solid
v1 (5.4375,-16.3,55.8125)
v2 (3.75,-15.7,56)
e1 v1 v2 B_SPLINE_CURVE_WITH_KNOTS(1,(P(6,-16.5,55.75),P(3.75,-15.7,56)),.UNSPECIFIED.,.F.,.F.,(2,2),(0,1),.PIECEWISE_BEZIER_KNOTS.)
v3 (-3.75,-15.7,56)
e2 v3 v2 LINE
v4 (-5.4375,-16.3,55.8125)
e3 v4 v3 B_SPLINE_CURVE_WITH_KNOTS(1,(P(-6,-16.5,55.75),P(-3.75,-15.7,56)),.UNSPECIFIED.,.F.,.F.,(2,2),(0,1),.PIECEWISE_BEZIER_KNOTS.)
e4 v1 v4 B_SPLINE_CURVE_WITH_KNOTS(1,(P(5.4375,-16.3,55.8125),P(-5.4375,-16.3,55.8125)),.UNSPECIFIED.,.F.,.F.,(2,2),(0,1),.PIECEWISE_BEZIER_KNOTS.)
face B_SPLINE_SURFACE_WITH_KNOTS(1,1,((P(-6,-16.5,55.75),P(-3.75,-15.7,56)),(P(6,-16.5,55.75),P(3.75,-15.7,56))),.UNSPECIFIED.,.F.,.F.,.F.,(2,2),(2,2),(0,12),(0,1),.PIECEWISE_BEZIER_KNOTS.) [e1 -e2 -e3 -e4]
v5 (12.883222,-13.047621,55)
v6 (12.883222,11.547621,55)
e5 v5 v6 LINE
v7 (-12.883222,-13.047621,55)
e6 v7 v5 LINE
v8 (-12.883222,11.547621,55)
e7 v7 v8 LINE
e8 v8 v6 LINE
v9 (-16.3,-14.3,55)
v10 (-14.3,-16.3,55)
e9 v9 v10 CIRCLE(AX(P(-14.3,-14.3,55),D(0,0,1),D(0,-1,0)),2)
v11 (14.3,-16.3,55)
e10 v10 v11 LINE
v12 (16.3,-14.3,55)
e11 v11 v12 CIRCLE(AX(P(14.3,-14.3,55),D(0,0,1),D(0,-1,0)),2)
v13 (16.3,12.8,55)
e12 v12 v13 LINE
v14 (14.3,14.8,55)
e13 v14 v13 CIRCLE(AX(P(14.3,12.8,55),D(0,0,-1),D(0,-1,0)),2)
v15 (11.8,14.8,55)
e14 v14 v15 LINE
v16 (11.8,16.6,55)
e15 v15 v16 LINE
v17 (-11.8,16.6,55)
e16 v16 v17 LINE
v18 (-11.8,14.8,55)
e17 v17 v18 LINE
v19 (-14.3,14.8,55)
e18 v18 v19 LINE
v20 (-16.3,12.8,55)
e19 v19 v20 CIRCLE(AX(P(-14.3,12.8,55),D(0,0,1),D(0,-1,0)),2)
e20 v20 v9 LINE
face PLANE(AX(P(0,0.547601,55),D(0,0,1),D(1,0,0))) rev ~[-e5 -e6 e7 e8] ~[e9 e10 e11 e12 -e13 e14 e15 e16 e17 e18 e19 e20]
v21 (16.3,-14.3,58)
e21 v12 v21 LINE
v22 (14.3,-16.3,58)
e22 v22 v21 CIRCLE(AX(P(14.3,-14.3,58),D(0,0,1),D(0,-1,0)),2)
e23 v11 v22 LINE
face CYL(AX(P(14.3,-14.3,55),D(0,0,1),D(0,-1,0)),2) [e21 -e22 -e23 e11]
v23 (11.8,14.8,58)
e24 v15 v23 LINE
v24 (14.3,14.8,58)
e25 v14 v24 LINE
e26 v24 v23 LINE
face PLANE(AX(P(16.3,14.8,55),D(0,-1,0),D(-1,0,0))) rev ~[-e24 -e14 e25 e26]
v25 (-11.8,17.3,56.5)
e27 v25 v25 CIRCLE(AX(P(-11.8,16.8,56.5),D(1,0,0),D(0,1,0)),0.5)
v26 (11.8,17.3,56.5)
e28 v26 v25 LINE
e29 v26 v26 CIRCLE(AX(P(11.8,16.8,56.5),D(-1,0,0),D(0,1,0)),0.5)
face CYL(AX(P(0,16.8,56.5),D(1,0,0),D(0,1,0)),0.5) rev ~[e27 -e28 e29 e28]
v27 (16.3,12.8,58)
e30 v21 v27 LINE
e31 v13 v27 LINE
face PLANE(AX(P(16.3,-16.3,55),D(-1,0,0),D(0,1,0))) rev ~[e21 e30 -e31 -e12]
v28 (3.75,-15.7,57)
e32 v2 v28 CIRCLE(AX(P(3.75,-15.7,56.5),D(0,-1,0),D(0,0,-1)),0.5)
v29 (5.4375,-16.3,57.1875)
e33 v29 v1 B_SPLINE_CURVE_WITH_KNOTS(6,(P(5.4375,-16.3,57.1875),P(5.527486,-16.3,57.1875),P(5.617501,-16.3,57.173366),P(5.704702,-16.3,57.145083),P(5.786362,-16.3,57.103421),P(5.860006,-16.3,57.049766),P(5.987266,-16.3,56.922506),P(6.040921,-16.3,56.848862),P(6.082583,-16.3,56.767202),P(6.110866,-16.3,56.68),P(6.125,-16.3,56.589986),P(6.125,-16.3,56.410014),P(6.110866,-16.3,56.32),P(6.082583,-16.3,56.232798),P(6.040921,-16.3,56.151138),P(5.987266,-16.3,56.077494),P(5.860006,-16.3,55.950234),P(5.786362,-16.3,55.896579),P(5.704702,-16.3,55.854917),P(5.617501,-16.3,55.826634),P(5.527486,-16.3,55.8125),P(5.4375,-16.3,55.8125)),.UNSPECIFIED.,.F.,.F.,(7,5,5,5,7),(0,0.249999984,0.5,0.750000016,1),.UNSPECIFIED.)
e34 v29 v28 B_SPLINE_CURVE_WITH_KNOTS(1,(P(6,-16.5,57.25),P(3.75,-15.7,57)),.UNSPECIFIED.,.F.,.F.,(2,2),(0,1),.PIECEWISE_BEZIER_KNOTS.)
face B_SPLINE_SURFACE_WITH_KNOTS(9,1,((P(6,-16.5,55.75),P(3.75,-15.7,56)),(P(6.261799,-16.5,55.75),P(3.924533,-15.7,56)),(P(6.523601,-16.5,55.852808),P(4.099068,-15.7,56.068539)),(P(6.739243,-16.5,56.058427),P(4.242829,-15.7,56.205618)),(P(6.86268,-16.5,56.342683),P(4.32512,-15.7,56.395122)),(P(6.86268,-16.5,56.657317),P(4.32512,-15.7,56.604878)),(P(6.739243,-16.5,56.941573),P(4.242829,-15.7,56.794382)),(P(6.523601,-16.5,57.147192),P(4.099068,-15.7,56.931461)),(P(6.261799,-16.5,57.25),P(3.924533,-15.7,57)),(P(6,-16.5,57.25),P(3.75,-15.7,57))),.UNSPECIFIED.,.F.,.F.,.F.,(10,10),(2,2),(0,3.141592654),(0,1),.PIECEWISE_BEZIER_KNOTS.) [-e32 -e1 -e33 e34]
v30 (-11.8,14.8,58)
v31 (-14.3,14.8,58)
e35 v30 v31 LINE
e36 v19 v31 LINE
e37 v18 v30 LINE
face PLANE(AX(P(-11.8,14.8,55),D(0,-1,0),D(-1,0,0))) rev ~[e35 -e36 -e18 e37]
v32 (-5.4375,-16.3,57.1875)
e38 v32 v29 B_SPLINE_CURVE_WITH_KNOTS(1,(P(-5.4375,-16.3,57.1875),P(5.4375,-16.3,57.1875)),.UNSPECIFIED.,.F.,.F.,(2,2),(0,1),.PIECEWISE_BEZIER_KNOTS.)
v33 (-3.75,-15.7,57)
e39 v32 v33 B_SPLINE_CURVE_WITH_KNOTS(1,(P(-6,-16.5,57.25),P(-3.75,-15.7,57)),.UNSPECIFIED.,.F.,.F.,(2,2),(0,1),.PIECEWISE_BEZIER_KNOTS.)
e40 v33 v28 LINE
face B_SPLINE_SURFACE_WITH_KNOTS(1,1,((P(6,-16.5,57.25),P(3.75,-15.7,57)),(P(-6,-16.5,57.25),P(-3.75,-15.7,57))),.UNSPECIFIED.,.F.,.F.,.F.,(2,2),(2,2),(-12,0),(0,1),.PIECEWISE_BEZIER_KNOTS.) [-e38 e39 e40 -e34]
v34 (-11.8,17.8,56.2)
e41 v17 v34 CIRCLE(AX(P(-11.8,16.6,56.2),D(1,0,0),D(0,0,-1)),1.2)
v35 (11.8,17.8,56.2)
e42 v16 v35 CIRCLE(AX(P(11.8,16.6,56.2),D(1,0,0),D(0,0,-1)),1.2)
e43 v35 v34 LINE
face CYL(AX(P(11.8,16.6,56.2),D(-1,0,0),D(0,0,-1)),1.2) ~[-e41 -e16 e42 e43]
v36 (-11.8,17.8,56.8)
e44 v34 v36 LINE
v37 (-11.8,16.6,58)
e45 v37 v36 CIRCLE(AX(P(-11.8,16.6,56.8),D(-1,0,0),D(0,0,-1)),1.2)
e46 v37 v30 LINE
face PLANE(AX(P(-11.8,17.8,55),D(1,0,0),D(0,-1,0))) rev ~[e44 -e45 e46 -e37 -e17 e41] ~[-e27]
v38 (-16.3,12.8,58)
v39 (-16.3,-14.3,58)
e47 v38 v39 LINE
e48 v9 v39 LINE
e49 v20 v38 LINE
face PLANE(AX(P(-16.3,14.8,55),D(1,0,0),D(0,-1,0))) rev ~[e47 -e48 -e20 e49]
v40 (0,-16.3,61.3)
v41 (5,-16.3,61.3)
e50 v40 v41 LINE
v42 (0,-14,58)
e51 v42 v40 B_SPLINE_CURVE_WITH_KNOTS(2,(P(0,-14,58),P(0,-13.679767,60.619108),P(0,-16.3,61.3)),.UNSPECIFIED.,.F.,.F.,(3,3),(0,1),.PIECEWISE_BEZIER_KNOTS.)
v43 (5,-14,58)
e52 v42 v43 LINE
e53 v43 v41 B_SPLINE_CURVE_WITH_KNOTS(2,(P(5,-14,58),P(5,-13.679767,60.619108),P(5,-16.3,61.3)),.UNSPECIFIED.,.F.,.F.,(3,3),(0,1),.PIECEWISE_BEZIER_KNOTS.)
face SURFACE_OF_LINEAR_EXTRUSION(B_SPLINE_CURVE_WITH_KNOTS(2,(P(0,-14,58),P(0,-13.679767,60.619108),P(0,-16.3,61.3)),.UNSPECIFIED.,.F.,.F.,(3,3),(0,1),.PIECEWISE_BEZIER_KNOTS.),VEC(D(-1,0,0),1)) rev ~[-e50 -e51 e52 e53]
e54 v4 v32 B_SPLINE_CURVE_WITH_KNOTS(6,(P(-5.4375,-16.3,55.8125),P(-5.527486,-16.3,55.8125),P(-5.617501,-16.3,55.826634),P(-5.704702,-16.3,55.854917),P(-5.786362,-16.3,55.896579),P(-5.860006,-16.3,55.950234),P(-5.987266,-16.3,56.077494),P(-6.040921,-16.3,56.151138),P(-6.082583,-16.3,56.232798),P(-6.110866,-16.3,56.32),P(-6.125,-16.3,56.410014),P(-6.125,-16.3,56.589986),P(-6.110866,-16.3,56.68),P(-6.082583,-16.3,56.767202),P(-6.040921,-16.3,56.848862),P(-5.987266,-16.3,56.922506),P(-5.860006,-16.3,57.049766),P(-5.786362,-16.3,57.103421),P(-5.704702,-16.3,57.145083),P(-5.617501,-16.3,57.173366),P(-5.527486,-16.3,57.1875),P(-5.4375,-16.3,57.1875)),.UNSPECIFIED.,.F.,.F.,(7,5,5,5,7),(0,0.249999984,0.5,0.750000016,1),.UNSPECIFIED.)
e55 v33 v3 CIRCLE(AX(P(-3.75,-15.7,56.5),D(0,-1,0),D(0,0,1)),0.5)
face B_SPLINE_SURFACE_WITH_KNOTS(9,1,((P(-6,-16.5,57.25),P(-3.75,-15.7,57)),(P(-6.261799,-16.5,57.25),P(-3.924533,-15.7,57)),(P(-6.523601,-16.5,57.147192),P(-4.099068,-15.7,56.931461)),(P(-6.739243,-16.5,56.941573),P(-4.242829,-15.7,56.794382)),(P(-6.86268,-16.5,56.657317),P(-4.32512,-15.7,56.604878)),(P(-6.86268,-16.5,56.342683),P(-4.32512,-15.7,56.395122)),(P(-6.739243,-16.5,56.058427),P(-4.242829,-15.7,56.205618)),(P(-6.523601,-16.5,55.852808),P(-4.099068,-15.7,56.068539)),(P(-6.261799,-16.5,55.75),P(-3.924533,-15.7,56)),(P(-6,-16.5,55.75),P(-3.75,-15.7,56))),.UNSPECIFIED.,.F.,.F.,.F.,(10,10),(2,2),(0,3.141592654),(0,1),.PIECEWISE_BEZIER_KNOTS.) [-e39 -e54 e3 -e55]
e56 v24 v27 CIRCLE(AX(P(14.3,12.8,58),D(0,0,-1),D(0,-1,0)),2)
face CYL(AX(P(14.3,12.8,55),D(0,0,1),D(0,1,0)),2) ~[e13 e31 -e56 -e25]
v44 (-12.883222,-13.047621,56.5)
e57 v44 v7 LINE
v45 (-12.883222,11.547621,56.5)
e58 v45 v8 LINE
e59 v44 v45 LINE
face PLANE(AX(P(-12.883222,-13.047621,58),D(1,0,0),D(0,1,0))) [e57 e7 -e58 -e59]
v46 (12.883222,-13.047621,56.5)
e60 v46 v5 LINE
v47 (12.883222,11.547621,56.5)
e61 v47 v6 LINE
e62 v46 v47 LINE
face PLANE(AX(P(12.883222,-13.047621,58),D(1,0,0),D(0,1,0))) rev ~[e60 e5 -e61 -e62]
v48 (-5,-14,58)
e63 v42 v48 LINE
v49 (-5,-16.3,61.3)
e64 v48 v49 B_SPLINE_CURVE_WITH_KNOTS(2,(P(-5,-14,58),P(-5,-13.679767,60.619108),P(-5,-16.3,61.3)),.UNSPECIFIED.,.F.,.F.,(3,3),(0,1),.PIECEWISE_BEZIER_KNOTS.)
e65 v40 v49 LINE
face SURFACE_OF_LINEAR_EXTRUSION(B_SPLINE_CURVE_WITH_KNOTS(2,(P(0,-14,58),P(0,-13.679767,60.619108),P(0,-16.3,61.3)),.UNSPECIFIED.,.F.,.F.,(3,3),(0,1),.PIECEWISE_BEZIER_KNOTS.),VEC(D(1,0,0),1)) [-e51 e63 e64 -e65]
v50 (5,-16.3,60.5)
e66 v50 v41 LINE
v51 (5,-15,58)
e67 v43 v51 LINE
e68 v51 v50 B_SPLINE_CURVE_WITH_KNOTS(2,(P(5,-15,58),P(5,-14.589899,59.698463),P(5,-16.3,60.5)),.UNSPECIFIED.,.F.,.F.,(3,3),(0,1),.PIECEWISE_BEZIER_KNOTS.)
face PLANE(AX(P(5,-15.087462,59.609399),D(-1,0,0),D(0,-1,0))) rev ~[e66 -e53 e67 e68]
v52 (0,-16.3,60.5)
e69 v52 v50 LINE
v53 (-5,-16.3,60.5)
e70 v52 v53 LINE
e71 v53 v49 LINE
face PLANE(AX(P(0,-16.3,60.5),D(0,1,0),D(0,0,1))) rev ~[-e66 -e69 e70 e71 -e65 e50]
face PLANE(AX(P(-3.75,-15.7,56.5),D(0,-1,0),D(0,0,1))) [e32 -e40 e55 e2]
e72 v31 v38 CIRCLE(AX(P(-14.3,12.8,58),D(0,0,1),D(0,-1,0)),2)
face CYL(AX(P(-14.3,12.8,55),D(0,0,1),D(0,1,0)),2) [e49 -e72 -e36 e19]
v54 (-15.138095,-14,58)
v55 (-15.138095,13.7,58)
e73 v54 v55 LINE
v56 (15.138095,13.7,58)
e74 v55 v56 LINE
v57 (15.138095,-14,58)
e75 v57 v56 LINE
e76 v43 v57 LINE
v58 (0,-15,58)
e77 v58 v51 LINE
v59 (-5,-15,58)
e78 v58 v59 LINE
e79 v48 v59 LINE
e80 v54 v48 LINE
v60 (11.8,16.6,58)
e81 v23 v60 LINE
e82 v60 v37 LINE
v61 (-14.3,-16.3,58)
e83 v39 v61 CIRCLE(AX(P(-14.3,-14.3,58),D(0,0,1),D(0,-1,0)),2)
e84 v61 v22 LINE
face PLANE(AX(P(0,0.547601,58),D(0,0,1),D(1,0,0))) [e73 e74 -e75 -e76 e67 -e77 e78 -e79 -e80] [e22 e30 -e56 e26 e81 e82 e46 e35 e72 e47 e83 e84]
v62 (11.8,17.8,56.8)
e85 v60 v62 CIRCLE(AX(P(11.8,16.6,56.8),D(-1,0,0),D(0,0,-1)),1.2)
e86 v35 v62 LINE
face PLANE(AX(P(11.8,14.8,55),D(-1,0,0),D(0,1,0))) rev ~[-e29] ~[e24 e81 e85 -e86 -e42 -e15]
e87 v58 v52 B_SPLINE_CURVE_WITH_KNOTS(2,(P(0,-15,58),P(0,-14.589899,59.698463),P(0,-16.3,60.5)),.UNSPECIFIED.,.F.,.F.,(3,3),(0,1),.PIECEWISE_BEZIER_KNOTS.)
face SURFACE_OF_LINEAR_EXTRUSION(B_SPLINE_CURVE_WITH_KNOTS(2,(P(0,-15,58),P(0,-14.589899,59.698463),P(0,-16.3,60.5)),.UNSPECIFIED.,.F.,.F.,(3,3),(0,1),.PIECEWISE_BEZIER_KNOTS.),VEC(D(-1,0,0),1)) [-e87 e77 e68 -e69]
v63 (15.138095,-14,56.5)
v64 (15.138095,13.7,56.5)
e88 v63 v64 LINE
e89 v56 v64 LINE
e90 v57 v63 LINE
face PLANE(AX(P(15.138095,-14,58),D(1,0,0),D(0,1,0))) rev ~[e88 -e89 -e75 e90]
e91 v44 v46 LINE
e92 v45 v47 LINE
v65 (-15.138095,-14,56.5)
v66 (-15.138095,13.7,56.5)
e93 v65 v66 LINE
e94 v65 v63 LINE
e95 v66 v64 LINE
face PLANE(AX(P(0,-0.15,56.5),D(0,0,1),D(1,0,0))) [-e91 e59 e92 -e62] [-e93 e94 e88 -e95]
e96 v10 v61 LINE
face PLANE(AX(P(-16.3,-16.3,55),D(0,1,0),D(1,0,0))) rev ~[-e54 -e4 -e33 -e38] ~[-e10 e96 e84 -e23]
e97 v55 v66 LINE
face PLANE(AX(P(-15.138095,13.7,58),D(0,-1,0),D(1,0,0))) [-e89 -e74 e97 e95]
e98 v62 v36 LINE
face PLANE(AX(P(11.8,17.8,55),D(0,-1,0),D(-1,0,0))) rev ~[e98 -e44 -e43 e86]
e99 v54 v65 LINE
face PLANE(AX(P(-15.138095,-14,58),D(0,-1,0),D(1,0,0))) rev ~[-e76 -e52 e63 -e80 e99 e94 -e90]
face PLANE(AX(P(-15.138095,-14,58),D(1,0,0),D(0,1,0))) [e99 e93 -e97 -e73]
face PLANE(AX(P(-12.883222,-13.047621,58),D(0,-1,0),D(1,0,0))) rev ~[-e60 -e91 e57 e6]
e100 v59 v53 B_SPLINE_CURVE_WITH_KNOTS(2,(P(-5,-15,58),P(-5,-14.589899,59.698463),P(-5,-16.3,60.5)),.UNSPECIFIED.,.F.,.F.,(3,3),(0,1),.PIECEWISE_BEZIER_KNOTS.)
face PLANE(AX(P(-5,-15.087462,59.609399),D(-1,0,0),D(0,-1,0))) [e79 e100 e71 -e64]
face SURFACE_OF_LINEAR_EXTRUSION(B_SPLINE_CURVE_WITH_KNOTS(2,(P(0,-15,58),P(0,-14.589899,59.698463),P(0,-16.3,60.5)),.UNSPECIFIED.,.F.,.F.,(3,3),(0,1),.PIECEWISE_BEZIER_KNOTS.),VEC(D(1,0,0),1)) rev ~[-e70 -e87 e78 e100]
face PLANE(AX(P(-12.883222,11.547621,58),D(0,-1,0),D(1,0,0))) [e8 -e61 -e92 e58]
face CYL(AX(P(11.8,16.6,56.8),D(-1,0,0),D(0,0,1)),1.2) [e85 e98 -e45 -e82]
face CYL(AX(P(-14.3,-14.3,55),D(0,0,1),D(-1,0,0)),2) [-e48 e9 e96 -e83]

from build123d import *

# Parameters (mm, degrees)
PAD003_DEPTH         = 3
SKETCH012_R          = 0.5
POCKET003_DEPTH      = 16.301
POCKET003_DEPTH_BACK = 16.301
SKETCH013_W          = 30.27619
SKETCH013_H          = 27.7
POCKET004_DEPTH      = 1.5
SKETCH014_W          = 25.766444
SKETCH014_H          = 24.595242
POCKET005_DEPTH      = 3.001
FILLET_R             = 1.2
PAD005_DEPTH         = 5
FILLET002_R          = 2


with BuildPart() as part:
    # Sketch009 → Pad003 (new body)
    with BuildSketch(Plane.XY):
        Polygon((-11.8, 14.8), (-16.3, 14.8), (-16.3, -16.3), (16.3, -16.3), (16.3, 14.8), (11.8, 14.8), (11.8, 17.8), (-11.8, 17.8), align=None)
    extrude(amount=PAD003_DEPTH)

    # Sketch010 (on DatumPlane) → SubtractiveLoft section 0
    with BuildSketch(Plane.XZ.offset(16.5)):
        with BuildLine():
            ThreePointArc((-6, 2.25), (-6.75, 1.5), (-6, 0.75))
            Line((-6, 0.75), (6, 0.75))
            ThreePointArc((6, 0.75), (6.75, 1.5), (6, 2.25))
            Line((-6, 2.25), (6, 2.25))
        make_face()
    # Sketch011 (on DatumPlane) → SubtractiveLoft section 1
    with BuildSketch(Plane.XZ.offset(15.7)):
        with BuildLine():
            ThreePointArc((-3.75, 2), (-4.25, 1.5), (-3.75, 1))
            Line((-3.75, 1), (3.75, 1))
            ThreePointArc((3.75, 1), (4.25, 1.5), (3.75, 2))
            Line((-3.75, 2), (3.75, 2))
        make_face()
    loft(mode=Mode.SUBTRACT)

    # Sketch012 (on DatumPlane) → Pocket003 (cut, two sides)
    with BuildSketch(Plane.YZ) as pocket003_sk:
        with Locations((16.8, 1.5)):
            Circle(SKETCH012_R)
    extrude(amount=-POCKET003_DEPTH, mode=Mode.SUBTRACT)
    extrude(pocket003_sk.sketch, amount=POCKET003_DEPTH_BACK, mode=Mode.SUBTRACT)

    # Sketch013 (on DatumPlane) → Pocket004 (cut)
    with BuildSketch(Plane.XY.offset(3)):
        with Locations((0, -0.15)):
            Rectangle(SKETCH013_W, SKETCH013_H)
    extrude(amount=-POCKET004_DEPTH, mode=Mode.SUBTRACT)

    # Sketch014 (on DatumPlane) → Pocket005 (cut, through all)
    with BuildSketch(Plane.XY.offset(3)):
        with Locations((0, -0.75)):
            Rectangle(SKETCH014_W, SKETCH014_H)
    extrude(amount=-POCKET005_DEPTH, mode=Mode.SUBTRACT)

    # Fillet
    fillet_edges = [part.edges().sort_by_distance(p)[0] for p in [
        (0, 17.8, 3),
        (0, 17.8, 0),
    ]]
    fillet(fillet_edges, radius=FILLET_R)

    # Sketch018 (on DatumPlane) → Pad005 (join, symmetric)
    with BuildSketch(Plane.YZ):
        with BuildLine():
            Line((-14, 3), (-15, 3))
            add(Edge.make_bspline(
                [(-15, 3), (-14.589899, 4.698463), (-16.3, 5.5)],
                knots=[0, 0, 0, 1, 1, 1], degree=2))
            Line((-16.3, 5.5), (-16.3, 6.3))
            add(Edge.make_bspline(
                [(-14, 3), (-13.679767, 5.619108), (-16.3, 6.3)],
                knots=[0, 0, 0, 1, 1, 1], degree=2))
        make_face()
    extrude(amount=PAD005_DEPTH, both=True)

    # Fillet002
    fillet002_edges = [part.edges().sort_by_distance(p)[0] for p in [
        (16.3, -16.3, 1.5),
        (16.3, 14.8, 1.5),
        (-16.3, 14.8, 1.5),
        (-16.3, -16.3, 1.5),
    ]]
    fillet(fillet002_edges, radius=FILLET002_R)


with BuildPart() as part_1:
    # cover placement: moved
    add(part.part.moved(Location((0, 0, 55))))


solid = part_1.part
